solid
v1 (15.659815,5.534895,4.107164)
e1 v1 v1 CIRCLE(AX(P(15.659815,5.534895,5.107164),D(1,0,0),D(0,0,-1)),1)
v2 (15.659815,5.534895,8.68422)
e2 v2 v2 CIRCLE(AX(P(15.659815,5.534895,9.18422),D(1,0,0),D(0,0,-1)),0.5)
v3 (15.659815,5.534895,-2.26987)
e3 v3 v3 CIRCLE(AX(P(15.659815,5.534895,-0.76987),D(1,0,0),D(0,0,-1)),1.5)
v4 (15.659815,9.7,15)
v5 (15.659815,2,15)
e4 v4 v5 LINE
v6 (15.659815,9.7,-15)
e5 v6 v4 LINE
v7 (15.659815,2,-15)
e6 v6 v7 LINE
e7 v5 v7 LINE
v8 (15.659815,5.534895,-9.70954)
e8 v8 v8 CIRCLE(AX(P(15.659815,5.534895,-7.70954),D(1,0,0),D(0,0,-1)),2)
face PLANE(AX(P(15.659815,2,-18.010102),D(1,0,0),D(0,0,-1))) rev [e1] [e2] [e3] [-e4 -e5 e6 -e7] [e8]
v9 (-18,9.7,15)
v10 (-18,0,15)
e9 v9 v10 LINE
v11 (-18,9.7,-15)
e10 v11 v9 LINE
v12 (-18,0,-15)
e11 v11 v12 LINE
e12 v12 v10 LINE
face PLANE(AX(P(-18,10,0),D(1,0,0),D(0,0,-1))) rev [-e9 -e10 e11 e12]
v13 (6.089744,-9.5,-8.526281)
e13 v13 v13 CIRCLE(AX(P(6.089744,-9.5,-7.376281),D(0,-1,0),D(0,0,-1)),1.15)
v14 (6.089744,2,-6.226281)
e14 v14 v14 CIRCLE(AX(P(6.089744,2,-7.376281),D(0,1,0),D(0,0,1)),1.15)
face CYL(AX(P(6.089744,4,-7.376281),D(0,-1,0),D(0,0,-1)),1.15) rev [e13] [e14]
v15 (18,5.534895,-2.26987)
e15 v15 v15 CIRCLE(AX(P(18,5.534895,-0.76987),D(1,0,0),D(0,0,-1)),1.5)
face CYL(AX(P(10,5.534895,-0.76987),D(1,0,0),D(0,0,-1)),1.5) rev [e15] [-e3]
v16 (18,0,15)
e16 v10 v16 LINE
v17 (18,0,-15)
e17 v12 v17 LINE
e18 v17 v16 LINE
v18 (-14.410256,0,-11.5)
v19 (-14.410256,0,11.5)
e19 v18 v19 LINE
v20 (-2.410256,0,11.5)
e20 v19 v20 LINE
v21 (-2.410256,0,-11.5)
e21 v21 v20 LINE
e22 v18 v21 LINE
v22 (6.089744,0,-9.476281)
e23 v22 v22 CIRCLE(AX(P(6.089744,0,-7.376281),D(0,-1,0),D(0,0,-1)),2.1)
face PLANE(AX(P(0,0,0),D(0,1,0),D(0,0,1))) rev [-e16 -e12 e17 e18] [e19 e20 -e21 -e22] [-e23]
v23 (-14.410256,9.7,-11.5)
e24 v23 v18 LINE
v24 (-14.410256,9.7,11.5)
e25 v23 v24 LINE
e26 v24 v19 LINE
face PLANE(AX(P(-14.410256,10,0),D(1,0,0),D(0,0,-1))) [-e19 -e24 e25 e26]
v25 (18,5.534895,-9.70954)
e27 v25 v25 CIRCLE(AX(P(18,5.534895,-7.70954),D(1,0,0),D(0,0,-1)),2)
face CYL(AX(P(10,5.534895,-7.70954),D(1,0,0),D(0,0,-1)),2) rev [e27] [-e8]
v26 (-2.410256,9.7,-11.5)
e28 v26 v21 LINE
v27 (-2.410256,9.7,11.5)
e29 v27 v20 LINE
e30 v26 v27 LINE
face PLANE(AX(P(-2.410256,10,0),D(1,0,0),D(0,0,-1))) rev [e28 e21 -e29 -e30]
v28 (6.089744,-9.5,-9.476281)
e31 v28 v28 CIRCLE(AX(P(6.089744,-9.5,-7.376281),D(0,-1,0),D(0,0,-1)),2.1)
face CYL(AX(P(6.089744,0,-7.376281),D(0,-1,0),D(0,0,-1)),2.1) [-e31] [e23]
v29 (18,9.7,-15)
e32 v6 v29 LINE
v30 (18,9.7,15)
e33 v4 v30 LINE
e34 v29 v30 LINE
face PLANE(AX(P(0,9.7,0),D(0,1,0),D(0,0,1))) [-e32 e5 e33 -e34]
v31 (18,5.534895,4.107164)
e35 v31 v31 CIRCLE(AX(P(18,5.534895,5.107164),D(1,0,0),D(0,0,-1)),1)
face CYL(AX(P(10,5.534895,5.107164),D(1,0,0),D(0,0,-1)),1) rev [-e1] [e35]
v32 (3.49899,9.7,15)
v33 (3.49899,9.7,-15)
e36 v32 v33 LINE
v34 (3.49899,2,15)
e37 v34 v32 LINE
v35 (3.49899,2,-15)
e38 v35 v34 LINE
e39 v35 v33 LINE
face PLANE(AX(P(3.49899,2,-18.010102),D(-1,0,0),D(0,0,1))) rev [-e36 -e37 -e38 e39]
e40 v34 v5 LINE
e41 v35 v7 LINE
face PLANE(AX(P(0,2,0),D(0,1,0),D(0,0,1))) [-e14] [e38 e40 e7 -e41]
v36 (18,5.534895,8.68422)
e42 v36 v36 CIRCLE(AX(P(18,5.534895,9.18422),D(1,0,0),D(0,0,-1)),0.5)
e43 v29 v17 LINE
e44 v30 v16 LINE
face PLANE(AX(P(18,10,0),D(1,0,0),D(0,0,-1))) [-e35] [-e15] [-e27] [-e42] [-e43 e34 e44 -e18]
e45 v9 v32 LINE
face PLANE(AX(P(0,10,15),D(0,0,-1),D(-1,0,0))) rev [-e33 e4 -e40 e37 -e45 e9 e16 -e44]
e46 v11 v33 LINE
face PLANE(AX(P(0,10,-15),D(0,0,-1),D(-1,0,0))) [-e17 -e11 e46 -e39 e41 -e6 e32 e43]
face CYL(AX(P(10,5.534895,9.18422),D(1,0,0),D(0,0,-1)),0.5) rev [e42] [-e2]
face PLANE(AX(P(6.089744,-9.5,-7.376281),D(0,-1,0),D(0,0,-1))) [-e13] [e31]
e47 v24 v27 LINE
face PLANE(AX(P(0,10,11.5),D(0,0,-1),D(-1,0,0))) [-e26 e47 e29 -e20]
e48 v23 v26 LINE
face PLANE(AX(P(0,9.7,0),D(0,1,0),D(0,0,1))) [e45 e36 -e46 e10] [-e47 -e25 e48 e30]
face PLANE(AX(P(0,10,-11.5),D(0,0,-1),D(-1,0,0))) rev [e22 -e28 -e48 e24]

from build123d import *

# Parameters (mm, degrees)
SKETCH_1_W          = 36
SKETCH_1_H          = 30
EXTRUDE_1_DEPTH     = 10
EXTRUDE_2_DEPTH     = 6
SKETCH_2_W          = 12.160825217
SKETCH_2_H          = 34.685599871
CUT_EXTRUDE_1_DEPTH = 8
SKETCH_3_R          = 0.5
SKETCH_3_R_2        = 1
SKETCH_3_R_3        = 1.5
SKETCH_3_R_4        = 2
CUT_EXTRUDE_2_DEPTH = 8
SKETCH_4_R          = 4.417962551
CUT_EXTRUDE_3_DEPTH = 0.1
SKETCH_5_R          = 5.05323065
CUT_EXTRUDE_4_DEPTH = 1.4
SKETCH_6_R          = 1
CUT_EXTRUDE_6_DEPTH = 10
SKETCH_11_R         = 2.55
SKETCH_11_R_2       = 1
EXTRUDE_3_DEPTH     = 5
SKETCH_12_OUTSIDE_W = 48.152
SKETCH_12_OUTSIDE_H = 42.152
SKETCH_12_OUTSIDE_R = 2.1
CUT_EXTRUDE_7_DEPTH = 9.5
SKETCH_13_R         = 1.15
CUT_EXTRUDE_8_DEPTH = 13.5
SKETCH_14_W         = 102.67858786
SKETCH_14_H         = 80.280273631
CUT_EXTRUDE_9_DEPTH = 0.3


with BuildPart() as part:
    # 草图1 → 凸台-拉伸1 (new body)
    with BuildSketch(Plane(origin=(0, 0, 0), x_dir=(1, 0, 0), z_dir=(0, 1, 0))):
        Rectangle(SKETCH_1_W, SKETCH_1_H)
        Polygon((-14.41025641, 11.5), (-2.41025641, 11.5), (-2.41025641, 7.376281108), (-2.41025641, -11.5), (-14.41025641, -11.5), align=None, mode=Mode.SUBTRACT)
    extrude(amount=EXTRUDE_1_DEPTH)

    # 草图1<4> → 凸台-拉伸2 (add)
    with BuildSketch(Plane(origin=(0, 0, 0), x_dir=(1, 0, 0), z_dir=(0, 1, 0))):
        with BuildLine():
            ThreePointArc((8.63974359, 7.376281108), (6.08974359, 9.926281108), (3.53974359, 7.376281108))
            ThreePointArc((3.53974359, 7.376281108), (6.08974359, 4.826281108), (8.63974359, 7.376281108))
        make_face()
    extrude(amount=-EXTRUDE_2_DEPTH)

    # 草图2 → 切除-拉伸1 (cut)
    with BuildSketch(Plane(origin=(0, 10, 0), x_dir=(1, 0, 0), z_dir=(0, 1, 0))):
        with Locations((9.579402218, 0.667301742)):
            Rectangle(SKETCH_2_W, SKETCH_2_H)
    extrude(amount=-CUT_EXTRUDE_1_DEPTH, mode=Mode.SUBTRACT)

    # 草图3 → 切除-拉伸2 (cut)
    with BuildSketch(Plane(origin=(18, 0, 0), x_dir=(0, 0, -1), z_dir=(1, 0, 0))):
        with Locations((-9.184219858, 5.534894538)):
            Circle(SKETCH_3_R)
        with Locations((-5.107163581, 5.534894538)):
            Circle(SKETCH_3_R_2)
        with Locations((0.769869669, 5.534894538)):
            Circle(SKETCH_3_R_3)
        with Locations((7.709539928, 5.534894538)):
            Circle(SKETCH_3_R_4)
    extrude(amount=-CUT_EXTRUDE_2_DEPTH, mode=Mode.SUBTRACT)

    # 草图4 → 切除-拉伸3 (cut)
    with BuildSketch(Plane.XZ.offset(6)):
        with Locations((5.795390071, -7.128470111)):
            Circle(SKETCH_4_R)
    extrude(amount=-CUT_EXTRUDE_3_DEPTH, mode=Mode.SUBTRACT)

    # 草图5 → 切除-拉伸4 (cut)
    with BuildSketch(Plane.XZ.offset(5.9)):
        with Locations((5.767325228, -7.296859169)):
            Circle(SKETCH_5_R)
    extrude(amount=-CUT_EXTRUDE_4_DEPTH, mode=Mode.SUBTRACT)

    # 草图6 → 切除-拉伸6 (cut)
    with BuildSketch(Plane.XZ.offset(4.5)):
        with Locations((6.08974359, -7.376281108)):
            Circle(SKETCH_6_R)
    extrude(amount=-CUT_EXTRUDE_6_DEPTH, mode=Mode.SUBTRACT)

    # 草图11 → 凸台-拉伸3 (add)
    with BuildSketch(Plane.XZ.offset(4.5)):
        with Locations((6.08974359, -7.376281108)):
            Circle(SKETCH_11_R)
        with Locations((6.08974359, -7.376281108)):
            Circle(SKETCH_11_R_2, mode=Mode.SUBTRACT)
    extrude(amount=EXTRUDE_3_DEPTH)

    # 草图12 outside → 切除-拉伸7 (cut)
    with BuildSketch(Plane.XZ.offset(9.5)):
        Rectangle(SKETCH_12_OUTSIDE_W, SKETCH_12_OUTSIDE_H)
        with Locations((6.08974359, -7.376281108)):
            Circle(SKETCH_12_OUTSIDE_R, mode=Mode.SUBTRACT)
    extrude(amount=-CUT_EXTRUDE_7_DEPTH, mode=Mode.SUBTRACT)

    # 草图13 → 切除-拉伸8 (cut)
    with BuildSketch(Plane.XZ.offset(9.5)):
        with Locations((6.08974359, -7.376281108)):
            Circle(SKETCH_13_R)
    extrude(amount=-CUT_EXTRUDE_8_DEPTH, mode=Mode.SUBTRACT)

    # 草图14 → 切除-拉伸9 (cut)
    with BuildSketch(Plane(origin=(0, 10, 0), x_dir=(1, 0, 0), z_dir=(0, 1, 0))):
        with Locations((-27.117967051, 18.219550081)):
            Rectangle(SKETCH_14_W, SKETCH_14_H)
    extrude(amount=-CUT_EXTRUDE_9_DEPTH, mode=Mode.SUBTRACT)


solid = part.part
